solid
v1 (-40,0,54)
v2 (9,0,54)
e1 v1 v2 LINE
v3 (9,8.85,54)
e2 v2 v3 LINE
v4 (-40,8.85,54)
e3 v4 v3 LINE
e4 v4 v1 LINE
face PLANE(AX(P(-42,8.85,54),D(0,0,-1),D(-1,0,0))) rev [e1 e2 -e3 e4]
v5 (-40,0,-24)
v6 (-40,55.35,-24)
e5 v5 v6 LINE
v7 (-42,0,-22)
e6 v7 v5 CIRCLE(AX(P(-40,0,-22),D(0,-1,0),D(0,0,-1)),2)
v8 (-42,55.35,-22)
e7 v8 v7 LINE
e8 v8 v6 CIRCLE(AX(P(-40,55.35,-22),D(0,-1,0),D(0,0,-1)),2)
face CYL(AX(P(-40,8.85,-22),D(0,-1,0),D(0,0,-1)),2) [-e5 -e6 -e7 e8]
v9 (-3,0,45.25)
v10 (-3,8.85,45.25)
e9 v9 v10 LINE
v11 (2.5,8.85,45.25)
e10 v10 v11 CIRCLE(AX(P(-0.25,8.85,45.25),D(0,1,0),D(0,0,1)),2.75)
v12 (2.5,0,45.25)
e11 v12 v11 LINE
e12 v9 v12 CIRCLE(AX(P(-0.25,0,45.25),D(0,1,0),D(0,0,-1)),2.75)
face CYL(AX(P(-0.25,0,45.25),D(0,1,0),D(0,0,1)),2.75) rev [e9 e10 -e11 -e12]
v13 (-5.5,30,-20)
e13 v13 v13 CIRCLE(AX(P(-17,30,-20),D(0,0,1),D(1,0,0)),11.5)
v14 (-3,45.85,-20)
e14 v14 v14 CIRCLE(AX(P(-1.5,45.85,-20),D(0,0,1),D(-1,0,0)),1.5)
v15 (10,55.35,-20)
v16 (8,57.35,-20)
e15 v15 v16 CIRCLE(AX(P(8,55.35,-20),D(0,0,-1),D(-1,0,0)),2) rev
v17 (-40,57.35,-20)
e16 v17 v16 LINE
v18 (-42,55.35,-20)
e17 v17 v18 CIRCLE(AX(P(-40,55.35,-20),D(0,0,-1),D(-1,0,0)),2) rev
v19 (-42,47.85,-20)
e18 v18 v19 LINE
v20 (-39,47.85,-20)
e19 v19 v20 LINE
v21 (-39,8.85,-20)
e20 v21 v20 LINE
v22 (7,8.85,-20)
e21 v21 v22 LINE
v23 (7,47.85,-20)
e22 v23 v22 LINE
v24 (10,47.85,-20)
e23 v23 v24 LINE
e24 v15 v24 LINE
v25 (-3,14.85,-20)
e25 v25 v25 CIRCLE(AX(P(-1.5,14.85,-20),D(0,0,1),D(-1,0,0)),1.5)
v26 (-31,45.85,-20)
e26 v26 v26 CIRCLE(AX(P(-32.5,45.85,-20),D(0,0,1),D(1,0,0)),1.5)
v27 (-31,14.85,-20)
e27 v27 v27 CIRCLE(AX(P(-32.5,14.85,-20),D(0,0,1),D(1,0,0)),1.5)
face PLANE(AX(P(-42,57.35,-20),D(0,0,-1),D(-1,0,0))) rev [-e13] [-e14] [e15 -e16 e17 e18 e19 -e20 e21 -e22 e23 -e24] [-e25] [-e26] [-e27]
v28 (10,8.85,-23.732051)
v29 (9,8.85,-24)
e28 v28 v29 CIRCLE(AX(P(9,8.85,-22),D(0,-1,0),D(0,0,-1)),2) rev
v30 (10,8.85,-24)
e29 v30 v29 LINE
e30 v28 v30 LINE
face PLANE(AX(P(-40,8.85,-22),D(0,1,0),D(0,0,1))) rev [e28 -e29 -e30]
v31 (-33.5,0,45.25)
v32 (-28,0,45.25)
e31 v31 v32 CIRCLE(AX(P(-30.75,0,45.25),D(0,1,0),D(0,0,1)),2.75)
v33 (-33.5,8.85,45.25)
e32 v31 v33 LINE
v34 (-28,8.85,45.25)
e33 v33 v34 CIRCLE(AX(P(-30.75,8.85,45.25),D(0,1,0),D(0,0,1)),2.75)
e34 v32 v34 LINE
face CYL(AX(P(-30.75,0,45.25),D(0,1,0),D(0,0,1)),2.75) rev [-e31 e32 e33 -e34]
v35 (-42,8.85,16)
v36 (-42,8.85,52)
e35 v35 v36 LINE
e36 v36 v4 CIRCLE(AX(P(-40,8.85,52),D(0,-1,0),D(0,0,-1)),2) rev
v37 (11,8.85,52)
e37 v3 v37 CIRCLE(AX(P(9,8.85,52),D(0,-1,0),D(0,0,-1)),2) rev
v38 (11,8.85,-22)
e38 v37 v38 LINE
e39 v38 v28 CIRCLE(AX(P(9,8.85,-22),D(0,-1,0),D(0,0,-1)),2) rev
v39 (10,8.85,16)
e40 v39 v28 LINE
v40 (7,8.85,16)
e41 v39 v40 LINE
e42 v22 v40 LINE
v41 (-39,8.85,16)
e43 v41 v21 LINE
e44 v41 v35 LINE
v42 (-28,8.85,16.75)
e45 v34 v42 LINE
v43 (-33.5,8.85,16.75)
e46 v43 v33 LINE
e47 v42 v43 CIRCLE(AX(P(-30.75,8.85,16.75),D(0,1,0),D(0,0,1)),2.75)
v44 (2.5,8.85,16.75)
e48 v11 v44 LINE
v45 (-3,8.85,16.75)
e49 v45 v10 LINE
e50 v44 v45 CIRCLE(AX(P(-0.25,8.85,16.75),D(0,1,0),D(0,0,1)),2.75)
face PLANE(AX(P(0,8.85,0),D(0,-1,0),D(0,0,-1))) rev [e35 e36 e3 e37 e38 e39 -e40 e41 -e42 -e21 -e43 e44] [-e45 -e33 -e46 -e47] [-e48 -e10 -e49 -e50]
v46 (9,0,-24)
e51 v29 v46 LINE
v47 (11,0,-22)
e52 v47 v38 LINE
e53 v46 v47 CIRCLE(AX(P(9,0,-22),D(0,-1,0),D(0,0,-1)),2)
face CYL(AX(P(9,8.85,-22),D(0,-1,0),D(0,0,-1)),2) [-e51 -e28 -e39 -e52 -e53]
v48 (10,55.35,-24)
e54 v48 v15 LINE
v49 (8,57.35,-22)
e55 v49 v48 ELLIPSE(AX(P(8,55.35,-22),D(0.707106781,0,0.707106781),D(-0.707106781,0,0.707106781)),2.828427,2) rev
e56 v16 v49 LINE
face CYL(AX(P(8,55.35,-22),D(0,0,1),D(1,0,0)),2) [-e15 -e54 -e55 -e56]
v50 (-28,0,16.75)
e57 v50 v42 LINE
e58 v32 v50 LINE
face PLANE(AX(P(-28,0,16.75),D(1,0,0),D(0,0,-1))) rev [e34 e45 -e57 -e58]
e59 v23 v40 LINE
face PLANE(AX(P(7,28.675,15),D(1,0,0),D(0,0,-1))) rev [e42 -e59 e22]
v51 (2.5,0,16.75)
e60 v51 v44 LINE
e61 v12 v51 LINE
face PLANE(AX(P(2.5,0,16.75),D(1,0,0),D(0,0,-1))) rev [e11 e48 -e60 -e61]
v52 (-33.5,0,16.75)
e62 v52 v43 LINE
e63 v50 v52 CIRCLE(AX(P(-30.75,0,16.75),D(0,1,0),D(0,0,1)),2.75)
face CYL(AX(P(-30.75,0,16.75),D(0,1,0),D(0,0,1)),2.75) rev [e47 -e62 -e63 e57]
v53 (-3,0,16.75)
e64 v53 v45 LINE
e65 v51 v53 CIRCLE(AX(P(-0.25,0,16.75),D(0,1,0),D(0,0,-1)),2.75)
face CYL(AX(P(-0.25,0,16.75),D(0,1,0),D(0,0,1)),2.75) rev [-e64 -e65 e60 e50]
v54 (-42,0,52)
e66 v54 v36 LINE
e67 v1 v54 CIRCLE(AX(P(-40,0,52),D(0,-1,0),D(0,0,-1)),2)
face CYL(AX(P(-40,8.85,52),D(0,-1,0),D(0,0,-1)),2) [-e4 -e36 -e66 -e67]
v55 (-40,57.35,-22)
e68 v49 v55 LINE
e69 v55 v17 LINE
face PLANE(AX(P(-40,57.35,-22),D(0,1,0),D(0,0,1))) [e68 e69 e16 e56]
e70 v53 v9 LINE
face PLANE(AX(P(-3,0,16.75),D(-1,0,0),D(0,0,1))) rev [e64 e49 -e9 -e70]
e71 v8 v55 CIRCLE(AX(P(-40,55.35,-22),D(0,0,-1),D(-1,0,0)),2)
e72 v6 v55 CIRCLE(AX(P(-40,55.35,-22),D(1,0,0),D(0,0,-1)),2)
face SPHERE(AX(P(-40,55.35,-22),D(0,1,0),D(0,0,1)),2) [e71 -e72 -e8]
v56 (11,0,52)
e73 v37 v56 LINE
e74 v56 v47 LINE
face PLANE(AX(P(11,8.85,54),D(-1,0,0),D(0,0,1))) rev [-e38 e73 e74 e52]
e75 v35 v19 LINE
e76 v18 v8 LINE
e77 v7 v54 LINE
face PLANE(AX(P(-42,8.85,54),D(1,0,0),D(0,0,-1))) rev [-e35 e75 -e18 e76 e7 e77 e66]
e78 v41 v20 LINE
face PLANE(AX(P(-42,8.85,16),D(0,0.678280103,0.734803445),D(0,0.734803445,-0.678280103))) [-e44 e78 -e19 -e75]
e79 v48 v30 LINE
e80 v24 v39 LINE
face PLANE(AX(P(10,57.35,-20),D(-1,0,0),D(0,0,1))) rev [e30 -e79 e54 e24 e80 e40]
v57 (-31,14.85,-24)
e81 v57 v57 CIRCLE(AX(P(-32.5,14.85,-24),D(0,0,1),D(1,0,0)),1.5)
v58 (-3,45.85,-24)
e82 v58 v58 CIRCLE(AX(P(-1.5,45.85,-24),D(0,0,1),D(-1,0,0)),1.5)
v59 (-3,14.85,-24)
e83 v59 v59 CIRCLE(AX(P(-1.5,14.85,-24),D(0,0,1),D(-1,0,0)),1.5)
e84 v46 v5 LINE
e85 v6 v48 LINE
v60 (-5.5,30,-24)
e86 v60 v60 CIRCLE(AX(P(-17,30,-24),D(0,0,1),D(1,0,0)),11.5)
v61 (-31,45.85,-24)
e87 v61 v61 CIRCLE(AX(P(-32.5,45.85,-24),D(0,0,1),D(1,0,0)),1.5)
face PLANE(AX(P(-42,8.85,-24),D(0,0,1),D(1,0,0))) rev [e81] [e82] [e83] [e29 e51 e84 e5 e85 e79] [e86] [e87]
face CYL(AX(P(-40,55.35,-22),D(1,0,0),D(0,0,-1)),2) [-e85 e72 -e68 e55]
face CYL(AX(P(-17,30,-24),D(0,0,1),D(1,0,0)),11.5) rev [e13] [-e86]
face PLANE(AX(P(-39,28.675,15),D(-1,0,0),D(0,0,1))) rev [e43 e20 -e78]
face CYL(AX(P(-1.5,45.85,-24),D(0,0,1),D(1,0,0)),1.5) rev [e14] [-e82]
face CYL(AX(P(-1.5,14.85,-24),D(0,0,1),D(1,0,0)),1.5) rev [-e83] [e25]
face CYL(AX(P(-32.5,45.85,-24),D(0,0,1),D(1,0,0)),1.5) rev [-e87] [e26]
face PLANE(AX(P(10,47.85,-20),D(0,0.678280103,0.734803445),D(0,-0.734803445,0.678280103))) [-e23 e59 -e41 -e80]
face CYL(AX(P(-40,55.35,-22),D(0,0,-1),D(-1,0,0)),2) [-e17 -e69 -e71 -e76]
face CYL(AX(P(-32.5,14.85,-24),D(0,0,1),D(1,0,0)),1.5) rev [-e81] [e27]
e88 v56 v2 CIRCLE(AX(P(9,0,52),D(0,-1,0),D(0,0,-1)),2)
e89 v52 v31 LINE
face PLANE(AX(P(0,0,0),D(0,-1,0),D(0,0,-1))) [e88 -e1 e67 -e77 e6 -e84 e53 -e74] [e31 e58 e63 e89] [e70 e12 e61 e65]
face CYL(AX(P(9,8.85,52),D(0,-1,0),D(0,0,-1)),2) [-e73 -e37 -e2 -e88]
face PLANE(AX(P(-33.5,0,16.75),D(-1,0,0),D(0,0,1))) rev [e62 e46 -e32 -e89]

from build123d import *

# Parameters (mm, degrees)
SKETCH1_W               = 53
SKETCH1_H               = 78
BOSS_EXTRUDE1_DEPTH     = 8.85
FILLET2_R               = 2
CUT_EXTRUDE1_DEPTH      = 69.980595097
CUT_EXTRUDE1_DEPTH_BACK = 69.980595097
BOSS_EXTRUDE2_DEPTH     = 48.5
FILLET4_R               = 2
RIB7_REACH              = 96.942
SKETCH4_WALL_W          = 244.959830248
SKETCH4_WALL_H          = 3
RIB8_REACH              = 96.388
SKETCH6_WALL_W          = 243.850654762
SKETCH6_WALL_H          = 3
SKETCH7_R               = 11.5
SKETCH7_R_2             = 1.5
CUT_EXTRUDE2_DEPTH      = 103.611025236


with BuildPart() as part:
    # Sketch1 → Boss-Extrude1 (new body)
    with BuildSketch(Plane(origin=(0, 0, 0), x_dir=(1, 0, 0), z_dir=(0, 1, 0))):
        with Locations((-15.5, -15)):
            Rectangle(SKETCH1_W, SKETCH1_H)
    extrude(amount=BOSS_EXTRUDE1_DEPTH)

    # Fillet2
    fillet2_edges = [part.edges().sort_by_distance(p)[0] for p in [
        (-42, 4.425, -24),
        (11, 4.425, -24),
        (11, 4.425, 54),
        (-42, 4.425, 54),
    ]]
    fillet(fillet2_edges, radius=FILLET2_R)

    # Sketch2 → Cut-Extrude1 (cut, two sides)
    with BuildSketch(Plane(origin=(0, 8.85, 0), x_dir=(1, 0, 0), z_dir=(0, 1, 0))) as cut_extrude1_sk:
        with BuildLine():
            Line((-33.5, -16.75), (-33.5, -45.25))
            ThreePointArc((-33.5, -45.25), (-30.749999997, -48), (-28, -45.249999994))
            Line((-28, -45.249999994), (-28, -16.75))
            ThreePointArc((-28, -16.75), (-30.75, -14), (-33.5, -16.75))
        make_face()
        with BuildLine():
            Line((2.5, -16.75), (2.5, -45.25))
            ThreePointArc((2.5, -45.25), (-0.250000003, -48), (-3, -45.249999994))
            Line((-3, -45.249999994), (-3, -16.75))
            ThreePointArc((-3, -16.75), (-0.25, -14), (2.5, -16.75))
        make_face()
    extrude(amount=CUT_EXTRUDE1_DEPTH, mode=Mode.SUBTRACT)
    extrude(cut_extrude1_sk.sketch, amount=-CUT_EXTRUDE1_DEPTH_BACK, mode=Mode.SUBTRACT)

    # Sketch3 → Boss-Extrude2 (add)
    with BuildSketch(Plane(origin=(0, 8.85, 0), x_dir=(1, 0, 0), z_dir=(0, 1, 0))):
        with BuildLine():
            Line((-42, 20), (10, 20))
            Line((10, 20), (10, 24))
            Line((10, 24), (-40, 24))
            ThreePointArc((-40, 24), (-41.414213562, 23.414213562), (-42, 22))
            Line((-42, 22), (-42, 20))
        make_face()
    extrude(amount=BOSS_EXTRUDE2_DEPTH)

    # Fillet4
    fillet4_edges = [part.edges().sort_by_distance(p)[0] for p in [
        (-42, 57.35, -21),
        (10, 57.35, -22),
        (-15, 57.35, -24),
        (-41.414213562, 57.35, -23.414213562),
    ]]
    fillet(fillet4_edges, radius=FILLET4_R)

    # Sketch4 wall → Rib7 (add, up to next)
    with BuildSketch(Plane(origin=(-42, 28.35, -2), x_dir=(0, 0.734803444627, -0.678280102733), z_dir=(0, -0.678280102733, -0.734803444627)), mode=Mode.PRIVATE) as rib7_sk1:
        with Locations((0, 1.5)):
            Rectangle(SKETCH4_WALL_W, SKETCH4_WALL_H)
    rib7_tool1 = extrude(rib7_sk1.sketch, amount=RIB7_REACH, mode=Mode.PRIVATE) - part.part
    add(rib7_tool1.solids().sort_by_distance((-42, 28.35, -2))[0])

    # Sketch6 wall → Rib8 (add, up to next)
    with BuildSketch(Plane(origin=(10, 28.35, -2), x_dir=(0, -0.734803444627, 0.678280102733), z_dir=(0, -0.678280102733, -0.734803444627)), mode=Mode.PRIVATE) as rib8_sk1:
        with Locations((0, 1.5)):
            Rectangle(SKETCH6_WALL_W, SKETCH6_WALL_H)
    rib8_tool1 = extrude(rib8_sk1.sketch, amount=RIB8_REACH, mode=Mode.PRIVATE) - part.part
    add(rib8_tool1.solids().sort_by_distance((10, 28.35, -2))[0])

    # Sketch7 → Cut-Extrude2 (cut, through all)
    with BuildSketch(Plane.XY.offset(-20)):
        with Locations((-17, 30)):
            Circle(SKETCH7_R)
        with Locations((-32.5, 45.85)):
            Circle(SKETCH7_R_2)
        with Locations((-32.5, 14.85)):
            Circle(SKETCH7_R_2)
        with Locations(Location((-1.5, 14.85, 0), (0, 0, 180))):
            Circle(SKETCH7_R_2)
        with Locations(Location((-1.5, 45.85, 0), (0, 0, 180))):
            Circle(SKETCH7_R_2)
    extrude(amount=-CUT_EXTRUDE2_DEPTH, mode=Mode.SUBTRACT)


solid = part.part
